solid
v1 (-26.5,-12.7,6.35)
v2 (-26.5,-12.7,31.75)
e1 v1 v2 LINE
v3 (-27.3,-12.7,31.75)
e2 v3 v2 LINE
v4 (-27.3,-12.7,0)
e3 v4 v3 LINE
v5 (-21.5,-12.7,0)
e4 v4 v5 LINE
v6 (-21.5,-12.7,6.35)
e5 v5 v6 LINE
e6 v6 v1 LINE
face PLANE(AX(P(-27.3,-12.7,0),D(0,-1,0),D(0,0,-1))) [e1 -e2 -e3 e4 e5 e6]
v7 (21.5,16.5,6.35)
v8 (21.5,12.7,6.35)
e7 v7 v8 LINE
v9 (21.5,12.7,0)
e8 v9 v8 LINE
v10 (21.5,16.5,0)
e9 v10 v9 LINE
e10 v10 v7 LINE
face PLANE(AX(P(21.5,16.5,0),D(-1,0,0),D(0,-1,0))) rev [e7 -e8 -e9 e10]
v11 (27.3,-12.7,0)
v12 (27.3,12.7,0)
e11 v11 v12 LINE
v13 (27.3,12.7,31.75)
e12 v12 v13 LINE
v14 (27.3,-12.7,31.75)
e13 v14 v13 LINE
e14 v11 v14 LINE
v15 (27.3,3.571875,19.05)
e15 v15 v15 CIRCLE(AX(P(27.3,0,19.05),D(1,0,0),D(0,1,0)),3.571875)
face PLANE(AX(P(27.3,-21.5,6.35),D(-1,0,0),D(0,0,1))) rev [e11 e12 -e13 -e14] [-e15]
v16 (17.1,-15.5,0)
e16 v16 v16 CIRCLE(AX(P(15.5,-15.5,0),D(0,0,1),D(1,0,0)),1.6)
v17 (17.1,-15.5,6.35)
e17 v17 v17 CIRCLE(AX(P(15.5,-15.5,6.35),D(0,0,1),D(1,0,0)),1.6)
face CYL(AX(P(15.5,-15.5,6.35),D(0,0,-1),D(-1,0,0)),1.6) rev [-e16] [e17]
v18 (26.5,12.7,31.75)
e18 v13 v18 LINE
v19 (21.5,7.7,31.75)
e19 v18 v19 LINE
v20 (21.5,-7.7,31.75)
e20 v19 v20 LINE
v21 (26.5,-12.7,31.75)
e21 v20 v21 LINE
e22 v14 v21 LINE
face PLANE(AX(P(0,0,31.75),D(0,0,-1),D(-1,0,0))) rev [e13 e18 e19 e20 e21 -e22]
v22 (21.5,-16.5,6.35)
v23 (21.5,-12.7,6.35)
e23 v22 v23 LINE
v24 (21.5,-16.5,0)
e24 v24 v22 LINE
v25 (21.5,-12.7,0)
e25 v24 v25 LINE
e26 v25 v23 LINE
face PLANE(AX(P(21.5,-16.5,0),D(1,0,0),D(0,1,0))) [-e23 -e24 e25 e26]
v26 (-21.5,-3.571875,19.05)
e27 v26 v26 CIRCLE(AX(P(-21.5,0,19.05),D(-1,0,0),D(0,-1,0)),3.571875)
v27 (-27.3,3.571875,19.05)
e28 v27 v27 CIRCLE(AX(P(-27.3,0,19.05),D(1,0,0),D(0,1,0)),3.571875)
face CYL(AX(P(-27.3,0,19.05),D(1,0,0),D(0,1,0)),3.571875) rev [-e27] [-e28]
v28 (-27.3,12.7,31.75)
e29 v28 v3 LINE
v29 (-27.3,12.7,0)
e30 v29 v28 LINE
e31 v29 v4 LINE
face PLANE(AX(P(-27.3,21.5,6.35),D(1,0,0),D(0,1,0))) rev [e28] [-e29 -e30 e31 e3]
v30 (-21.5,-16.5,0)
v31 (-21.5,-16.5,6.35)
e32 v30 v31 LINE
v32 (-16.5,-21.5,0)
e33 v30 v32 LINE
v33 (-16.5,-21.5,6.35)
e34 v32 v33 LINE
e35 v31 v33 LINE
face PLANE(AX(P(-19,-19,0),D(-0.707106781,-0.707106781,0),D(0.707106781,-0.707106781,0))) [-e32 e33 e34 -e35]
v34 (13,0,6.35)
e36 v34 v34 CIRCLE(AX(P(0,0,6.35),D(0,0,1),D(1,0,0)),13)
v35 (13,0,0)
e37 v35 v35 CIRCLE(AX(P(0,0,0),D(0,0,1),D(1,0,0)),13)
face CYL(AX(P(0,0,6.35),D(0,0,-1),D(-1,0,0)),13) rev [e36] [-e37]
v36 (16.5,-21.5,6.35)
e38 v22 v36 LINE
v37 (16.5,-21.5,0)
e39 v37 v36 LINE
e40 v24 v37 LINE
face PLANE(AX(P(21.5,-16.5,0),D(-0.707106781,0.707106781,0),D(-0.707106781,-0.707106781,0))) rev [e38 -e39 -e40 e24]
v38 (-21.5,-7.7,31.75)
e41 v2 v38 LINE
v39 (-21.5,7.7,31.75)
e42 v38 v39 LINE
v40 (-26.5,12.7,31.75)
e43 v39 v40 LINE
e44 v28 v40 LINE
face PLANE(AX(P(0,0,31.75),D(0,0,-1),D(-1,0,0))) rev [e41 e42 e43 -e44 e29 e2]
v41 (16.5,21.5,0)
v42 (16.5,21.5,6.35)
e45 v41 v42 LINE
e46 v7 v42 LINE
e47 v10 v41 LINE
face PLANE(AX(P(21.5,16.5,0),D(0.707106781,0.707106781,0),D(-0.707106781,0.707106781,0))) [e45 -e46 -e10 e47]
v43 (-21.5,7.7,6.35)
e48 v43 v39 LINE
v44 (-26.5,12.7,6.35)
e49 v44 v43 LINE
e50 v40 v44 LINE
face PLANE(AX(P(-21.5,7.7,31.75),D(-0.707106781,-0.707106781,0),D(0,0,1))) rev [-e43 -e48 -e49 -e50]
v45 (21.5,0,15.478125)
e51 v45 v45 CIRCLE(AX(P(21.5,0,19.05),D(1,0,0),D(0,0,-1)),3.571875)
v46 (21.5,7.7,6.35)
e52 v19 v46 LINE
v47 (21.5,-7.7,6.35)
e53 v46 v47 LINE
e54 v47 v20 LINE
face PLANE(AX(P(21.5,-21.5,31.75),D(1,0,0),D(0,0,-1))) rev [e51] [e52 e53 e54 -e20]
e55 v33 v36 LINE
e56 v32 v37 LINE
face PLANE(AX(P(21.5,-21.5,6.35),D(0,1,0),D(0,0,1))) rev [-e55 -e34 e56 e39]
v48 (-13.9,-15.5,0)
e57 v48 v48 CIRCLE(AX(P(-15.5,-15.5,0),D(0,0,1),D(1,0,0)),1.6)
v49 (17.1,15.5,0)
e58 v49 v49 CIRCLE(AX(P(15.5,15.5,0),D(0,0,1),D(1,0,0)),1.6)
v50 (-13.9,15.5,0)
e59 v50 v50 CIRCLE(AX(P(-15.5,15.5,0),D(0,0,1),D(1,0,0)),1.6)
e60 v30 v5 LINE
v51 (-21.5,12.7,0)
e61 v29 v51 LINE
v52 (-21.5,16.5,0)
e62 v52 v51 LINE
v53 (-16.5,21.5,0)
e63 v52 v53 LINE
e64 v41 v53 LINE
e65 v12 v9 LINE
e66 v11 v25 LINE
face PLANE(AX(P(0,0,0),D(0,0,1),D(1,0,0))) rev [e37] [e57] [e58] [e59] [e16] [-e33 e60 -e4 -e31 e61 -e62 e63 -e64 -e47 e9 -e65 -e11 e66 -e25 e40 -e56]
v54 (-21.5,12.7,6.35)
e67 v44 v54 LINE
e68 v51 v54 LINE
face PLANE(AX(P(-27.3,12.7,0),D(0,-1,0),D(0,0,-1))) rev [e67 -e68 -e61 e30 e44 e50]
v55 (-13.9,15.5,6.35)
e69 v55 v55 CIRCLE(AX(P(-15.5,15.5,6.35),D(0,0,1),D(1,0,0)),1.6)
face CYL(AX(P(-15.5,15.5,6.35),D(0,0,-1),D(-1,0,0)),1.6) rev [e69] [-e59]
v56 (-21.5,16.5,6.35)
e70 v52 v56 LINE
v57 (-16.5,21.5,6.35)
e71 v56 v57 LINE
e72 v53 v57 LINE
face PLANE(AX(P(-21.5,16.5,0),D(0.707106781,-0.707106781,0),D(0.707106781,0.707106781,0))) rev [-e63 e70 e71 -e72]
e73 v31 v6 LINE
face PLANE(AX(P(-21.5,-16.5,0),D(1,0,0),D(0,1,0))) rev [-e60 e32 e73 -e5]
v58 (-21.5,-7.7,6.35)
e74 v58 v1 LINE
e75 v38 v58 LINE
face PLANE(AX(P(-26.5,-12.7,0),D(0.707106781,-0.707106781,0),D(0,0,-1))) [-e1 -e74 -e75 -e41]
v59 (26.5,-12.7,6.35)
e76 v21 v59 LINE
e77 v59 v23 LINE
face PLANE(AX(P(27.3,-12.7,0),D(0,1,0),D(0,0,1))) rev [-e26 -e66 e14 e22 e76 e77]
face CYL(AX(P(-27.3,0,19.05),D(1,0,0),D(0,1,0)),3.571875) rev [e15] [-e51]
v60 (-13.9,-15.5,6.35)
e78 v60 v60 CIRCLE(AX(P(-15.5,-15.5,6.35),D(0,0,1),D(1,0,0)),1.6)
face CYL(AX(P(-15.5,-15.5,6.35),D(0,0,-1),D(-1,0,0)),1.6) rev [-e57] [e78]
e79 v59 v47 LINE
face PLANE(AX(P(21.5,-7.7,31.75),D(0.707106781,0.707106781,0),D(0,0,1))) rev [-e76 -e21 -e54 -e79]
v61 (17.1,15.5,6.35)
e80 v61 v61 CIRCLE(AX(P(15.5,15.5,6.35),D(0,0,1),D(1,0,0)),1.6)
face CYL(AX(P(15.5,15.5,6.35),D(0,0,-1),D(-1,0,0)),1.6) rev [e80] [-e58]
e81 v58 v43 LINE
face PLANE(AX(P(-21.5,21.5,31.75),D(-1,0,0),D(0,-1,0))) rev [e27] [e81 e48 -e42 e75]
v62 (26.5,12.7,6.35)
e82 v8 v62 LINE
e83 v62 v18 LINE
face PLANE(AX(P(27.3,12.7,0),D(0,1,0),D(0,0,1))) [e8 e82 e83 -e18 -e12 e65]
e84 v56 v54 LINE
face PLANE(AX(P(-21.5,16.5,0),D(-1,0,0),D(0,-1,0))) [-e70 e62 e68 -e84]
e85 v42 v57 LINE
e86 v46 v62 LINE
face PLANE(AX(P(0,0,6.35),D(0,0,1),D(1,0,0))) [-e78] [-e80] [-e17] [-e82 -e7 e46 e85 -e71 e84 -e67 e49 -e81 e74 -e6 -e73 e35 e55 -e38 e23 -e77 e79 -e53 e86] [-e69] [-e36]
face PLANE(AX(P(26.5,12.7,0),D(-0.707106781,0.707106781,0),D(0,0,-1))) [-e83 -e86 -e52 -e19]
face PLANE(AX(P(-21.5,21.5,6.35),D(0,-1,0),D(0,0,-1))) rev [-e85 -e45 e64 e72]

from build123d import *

# Parameters (mm, degrees)
SKETCH1_R               = 13
SKETCH1_R_2             = 1.6
BOSS_EXTRUDE1_DEPTH     = 6.35
SKETCH2_W               = 5.8
SKETCH2_H               = 43
BOSS_EXTRUDE2_DEPTH     = 25.4
CUT_EXTRUDE1_DEPTH      = 26.4
CUT_EXTRUDE1_DEPTH_BACK = 7.35
SKETCH5_R               = 3.571875
CUT_EXTRUDE2_DEPTH      = 49.8
CUT_EXTRUDE2_DEPTH_BACK = 6.8
CHAMFER1_SIZE           = 5


with BuildPart() as part:
    # Sketch1 → Boss-Extrude1 (new body)
    with BuildSketch(Plane.XY):
        Polygon((-21.5, 21.5), (21.5, 21.5), (27.3, 21.5), (27.3, -21.5), (21.5, -21.5), (-21.5, -21.5), (-27.3, -21.5), (-27.3, 21.5), align=None)
        Circle(SKETCH1_R, mode=Mode.SUBTRACT)
        with Locations((-15.5, 15.5)):
            Circle(SKETCH1_R_2, mode=Mode.SUBTRACT)
        with Locations((15.5, 15.5)):
            Circle(SKETCH1_R_2, mode=Mode.SUBTRACT)
        with Locations((15.5, -15.5)):
            Circle(SKETCH1_R_2, mode=Mode.SUBTRACT)
        with Locations((-15.5, -15.5)):
            Circle(SKETCH1_R_2, mode=Mode.SUBTRACT)
    extrude(amount=BOSS_EXTRUDE1_DEPTH)

    # Sketch2 → Boss-Extrude2 (add)
    with BuildSketch(Plane.XY.offset(6.35)):
        with Locations((-24.4, 0)):
            Rectangle(SKETCH2_W, SKETCH2_H)
        with Locations((24.4, 0)):
            Rectangle(SKETCH2_W, SKETCH2_H)
    extrude(amount=BOSS_EXTRUDE2_DEPTH)

    # Sketch4 → Cut-Extrude1 (cut, two sides)
    with BuildSketch(Plane.XY.offset(6.35)) as cut_extrude1_sk:
        Polygon((-27.3, 12.7), (-21.5, 12.7), (-21.5, 16.5), (-16.5, 21.5), (-21.5, 21.5), (-27.3, 21.5), align=None)
        Polygon((21.5, 21.5), (16.5, 21.5), (21.5, 16.5), (21.5, 12.7), (27.3, 12.7), (27.3, 21.5), align=None)
        Polygon((27.3, -21.5), (27.3, -12.7), (21.5, -12.7), (21.5, -16.5), (16.5, -21.5), (21.5, -21.5), align=None)
        Polygon((-27.3, -21.5), (-21.5, -21.5), (-16.5, -21.5), (-21.5, -16.5), (-21.5, -12.7), (-27.3, -12.7), align=None)
    extrude(amount=CUT_EXTRUDE1_DEPTH, mode=Mode.SUBTRACT)
    extrude(cut_extrude1_sk.sketch, amount=-CUT_EXTRUDE1_DEPTH_BACK, mode=Mode.SUBTRACT)

    # Sketch5 → Cut-Extrude2 (cut, two sides)
    with BuildSketch(Plane(origin=(-21.5, 0, 0), x_dir=(0, 0, -1), z_dir=(1, 0, 0))) as cut_extrude2_sk:
        with Locations((-19.05, 0)):
            Circle(SKETCH5_R)
    extrude(amount=CUT_EXTRUDE2_DEPTH, mode=Mode.SUBTRACT)
    extrude(cut_extrude2_sk.sketch, amount=-CUT_EXTRUDE2_DEPTH_BACK, mode=Mode.SUBTRACT)

    # Chamfer1
    chamfer1_edges = [part.edges().sort_by_distance(p)[0] for p in [
        (21.5, -12.7, 19.05),
        (-21.5, 12.7, 19.05),
        (-21.5, -12.7, 19.05),
        (21.5, 12.7, 19.05),
    ]]
    chamfer(chamfer1_edges, length=CHAMFER1_SIZE)


solid = part.part
